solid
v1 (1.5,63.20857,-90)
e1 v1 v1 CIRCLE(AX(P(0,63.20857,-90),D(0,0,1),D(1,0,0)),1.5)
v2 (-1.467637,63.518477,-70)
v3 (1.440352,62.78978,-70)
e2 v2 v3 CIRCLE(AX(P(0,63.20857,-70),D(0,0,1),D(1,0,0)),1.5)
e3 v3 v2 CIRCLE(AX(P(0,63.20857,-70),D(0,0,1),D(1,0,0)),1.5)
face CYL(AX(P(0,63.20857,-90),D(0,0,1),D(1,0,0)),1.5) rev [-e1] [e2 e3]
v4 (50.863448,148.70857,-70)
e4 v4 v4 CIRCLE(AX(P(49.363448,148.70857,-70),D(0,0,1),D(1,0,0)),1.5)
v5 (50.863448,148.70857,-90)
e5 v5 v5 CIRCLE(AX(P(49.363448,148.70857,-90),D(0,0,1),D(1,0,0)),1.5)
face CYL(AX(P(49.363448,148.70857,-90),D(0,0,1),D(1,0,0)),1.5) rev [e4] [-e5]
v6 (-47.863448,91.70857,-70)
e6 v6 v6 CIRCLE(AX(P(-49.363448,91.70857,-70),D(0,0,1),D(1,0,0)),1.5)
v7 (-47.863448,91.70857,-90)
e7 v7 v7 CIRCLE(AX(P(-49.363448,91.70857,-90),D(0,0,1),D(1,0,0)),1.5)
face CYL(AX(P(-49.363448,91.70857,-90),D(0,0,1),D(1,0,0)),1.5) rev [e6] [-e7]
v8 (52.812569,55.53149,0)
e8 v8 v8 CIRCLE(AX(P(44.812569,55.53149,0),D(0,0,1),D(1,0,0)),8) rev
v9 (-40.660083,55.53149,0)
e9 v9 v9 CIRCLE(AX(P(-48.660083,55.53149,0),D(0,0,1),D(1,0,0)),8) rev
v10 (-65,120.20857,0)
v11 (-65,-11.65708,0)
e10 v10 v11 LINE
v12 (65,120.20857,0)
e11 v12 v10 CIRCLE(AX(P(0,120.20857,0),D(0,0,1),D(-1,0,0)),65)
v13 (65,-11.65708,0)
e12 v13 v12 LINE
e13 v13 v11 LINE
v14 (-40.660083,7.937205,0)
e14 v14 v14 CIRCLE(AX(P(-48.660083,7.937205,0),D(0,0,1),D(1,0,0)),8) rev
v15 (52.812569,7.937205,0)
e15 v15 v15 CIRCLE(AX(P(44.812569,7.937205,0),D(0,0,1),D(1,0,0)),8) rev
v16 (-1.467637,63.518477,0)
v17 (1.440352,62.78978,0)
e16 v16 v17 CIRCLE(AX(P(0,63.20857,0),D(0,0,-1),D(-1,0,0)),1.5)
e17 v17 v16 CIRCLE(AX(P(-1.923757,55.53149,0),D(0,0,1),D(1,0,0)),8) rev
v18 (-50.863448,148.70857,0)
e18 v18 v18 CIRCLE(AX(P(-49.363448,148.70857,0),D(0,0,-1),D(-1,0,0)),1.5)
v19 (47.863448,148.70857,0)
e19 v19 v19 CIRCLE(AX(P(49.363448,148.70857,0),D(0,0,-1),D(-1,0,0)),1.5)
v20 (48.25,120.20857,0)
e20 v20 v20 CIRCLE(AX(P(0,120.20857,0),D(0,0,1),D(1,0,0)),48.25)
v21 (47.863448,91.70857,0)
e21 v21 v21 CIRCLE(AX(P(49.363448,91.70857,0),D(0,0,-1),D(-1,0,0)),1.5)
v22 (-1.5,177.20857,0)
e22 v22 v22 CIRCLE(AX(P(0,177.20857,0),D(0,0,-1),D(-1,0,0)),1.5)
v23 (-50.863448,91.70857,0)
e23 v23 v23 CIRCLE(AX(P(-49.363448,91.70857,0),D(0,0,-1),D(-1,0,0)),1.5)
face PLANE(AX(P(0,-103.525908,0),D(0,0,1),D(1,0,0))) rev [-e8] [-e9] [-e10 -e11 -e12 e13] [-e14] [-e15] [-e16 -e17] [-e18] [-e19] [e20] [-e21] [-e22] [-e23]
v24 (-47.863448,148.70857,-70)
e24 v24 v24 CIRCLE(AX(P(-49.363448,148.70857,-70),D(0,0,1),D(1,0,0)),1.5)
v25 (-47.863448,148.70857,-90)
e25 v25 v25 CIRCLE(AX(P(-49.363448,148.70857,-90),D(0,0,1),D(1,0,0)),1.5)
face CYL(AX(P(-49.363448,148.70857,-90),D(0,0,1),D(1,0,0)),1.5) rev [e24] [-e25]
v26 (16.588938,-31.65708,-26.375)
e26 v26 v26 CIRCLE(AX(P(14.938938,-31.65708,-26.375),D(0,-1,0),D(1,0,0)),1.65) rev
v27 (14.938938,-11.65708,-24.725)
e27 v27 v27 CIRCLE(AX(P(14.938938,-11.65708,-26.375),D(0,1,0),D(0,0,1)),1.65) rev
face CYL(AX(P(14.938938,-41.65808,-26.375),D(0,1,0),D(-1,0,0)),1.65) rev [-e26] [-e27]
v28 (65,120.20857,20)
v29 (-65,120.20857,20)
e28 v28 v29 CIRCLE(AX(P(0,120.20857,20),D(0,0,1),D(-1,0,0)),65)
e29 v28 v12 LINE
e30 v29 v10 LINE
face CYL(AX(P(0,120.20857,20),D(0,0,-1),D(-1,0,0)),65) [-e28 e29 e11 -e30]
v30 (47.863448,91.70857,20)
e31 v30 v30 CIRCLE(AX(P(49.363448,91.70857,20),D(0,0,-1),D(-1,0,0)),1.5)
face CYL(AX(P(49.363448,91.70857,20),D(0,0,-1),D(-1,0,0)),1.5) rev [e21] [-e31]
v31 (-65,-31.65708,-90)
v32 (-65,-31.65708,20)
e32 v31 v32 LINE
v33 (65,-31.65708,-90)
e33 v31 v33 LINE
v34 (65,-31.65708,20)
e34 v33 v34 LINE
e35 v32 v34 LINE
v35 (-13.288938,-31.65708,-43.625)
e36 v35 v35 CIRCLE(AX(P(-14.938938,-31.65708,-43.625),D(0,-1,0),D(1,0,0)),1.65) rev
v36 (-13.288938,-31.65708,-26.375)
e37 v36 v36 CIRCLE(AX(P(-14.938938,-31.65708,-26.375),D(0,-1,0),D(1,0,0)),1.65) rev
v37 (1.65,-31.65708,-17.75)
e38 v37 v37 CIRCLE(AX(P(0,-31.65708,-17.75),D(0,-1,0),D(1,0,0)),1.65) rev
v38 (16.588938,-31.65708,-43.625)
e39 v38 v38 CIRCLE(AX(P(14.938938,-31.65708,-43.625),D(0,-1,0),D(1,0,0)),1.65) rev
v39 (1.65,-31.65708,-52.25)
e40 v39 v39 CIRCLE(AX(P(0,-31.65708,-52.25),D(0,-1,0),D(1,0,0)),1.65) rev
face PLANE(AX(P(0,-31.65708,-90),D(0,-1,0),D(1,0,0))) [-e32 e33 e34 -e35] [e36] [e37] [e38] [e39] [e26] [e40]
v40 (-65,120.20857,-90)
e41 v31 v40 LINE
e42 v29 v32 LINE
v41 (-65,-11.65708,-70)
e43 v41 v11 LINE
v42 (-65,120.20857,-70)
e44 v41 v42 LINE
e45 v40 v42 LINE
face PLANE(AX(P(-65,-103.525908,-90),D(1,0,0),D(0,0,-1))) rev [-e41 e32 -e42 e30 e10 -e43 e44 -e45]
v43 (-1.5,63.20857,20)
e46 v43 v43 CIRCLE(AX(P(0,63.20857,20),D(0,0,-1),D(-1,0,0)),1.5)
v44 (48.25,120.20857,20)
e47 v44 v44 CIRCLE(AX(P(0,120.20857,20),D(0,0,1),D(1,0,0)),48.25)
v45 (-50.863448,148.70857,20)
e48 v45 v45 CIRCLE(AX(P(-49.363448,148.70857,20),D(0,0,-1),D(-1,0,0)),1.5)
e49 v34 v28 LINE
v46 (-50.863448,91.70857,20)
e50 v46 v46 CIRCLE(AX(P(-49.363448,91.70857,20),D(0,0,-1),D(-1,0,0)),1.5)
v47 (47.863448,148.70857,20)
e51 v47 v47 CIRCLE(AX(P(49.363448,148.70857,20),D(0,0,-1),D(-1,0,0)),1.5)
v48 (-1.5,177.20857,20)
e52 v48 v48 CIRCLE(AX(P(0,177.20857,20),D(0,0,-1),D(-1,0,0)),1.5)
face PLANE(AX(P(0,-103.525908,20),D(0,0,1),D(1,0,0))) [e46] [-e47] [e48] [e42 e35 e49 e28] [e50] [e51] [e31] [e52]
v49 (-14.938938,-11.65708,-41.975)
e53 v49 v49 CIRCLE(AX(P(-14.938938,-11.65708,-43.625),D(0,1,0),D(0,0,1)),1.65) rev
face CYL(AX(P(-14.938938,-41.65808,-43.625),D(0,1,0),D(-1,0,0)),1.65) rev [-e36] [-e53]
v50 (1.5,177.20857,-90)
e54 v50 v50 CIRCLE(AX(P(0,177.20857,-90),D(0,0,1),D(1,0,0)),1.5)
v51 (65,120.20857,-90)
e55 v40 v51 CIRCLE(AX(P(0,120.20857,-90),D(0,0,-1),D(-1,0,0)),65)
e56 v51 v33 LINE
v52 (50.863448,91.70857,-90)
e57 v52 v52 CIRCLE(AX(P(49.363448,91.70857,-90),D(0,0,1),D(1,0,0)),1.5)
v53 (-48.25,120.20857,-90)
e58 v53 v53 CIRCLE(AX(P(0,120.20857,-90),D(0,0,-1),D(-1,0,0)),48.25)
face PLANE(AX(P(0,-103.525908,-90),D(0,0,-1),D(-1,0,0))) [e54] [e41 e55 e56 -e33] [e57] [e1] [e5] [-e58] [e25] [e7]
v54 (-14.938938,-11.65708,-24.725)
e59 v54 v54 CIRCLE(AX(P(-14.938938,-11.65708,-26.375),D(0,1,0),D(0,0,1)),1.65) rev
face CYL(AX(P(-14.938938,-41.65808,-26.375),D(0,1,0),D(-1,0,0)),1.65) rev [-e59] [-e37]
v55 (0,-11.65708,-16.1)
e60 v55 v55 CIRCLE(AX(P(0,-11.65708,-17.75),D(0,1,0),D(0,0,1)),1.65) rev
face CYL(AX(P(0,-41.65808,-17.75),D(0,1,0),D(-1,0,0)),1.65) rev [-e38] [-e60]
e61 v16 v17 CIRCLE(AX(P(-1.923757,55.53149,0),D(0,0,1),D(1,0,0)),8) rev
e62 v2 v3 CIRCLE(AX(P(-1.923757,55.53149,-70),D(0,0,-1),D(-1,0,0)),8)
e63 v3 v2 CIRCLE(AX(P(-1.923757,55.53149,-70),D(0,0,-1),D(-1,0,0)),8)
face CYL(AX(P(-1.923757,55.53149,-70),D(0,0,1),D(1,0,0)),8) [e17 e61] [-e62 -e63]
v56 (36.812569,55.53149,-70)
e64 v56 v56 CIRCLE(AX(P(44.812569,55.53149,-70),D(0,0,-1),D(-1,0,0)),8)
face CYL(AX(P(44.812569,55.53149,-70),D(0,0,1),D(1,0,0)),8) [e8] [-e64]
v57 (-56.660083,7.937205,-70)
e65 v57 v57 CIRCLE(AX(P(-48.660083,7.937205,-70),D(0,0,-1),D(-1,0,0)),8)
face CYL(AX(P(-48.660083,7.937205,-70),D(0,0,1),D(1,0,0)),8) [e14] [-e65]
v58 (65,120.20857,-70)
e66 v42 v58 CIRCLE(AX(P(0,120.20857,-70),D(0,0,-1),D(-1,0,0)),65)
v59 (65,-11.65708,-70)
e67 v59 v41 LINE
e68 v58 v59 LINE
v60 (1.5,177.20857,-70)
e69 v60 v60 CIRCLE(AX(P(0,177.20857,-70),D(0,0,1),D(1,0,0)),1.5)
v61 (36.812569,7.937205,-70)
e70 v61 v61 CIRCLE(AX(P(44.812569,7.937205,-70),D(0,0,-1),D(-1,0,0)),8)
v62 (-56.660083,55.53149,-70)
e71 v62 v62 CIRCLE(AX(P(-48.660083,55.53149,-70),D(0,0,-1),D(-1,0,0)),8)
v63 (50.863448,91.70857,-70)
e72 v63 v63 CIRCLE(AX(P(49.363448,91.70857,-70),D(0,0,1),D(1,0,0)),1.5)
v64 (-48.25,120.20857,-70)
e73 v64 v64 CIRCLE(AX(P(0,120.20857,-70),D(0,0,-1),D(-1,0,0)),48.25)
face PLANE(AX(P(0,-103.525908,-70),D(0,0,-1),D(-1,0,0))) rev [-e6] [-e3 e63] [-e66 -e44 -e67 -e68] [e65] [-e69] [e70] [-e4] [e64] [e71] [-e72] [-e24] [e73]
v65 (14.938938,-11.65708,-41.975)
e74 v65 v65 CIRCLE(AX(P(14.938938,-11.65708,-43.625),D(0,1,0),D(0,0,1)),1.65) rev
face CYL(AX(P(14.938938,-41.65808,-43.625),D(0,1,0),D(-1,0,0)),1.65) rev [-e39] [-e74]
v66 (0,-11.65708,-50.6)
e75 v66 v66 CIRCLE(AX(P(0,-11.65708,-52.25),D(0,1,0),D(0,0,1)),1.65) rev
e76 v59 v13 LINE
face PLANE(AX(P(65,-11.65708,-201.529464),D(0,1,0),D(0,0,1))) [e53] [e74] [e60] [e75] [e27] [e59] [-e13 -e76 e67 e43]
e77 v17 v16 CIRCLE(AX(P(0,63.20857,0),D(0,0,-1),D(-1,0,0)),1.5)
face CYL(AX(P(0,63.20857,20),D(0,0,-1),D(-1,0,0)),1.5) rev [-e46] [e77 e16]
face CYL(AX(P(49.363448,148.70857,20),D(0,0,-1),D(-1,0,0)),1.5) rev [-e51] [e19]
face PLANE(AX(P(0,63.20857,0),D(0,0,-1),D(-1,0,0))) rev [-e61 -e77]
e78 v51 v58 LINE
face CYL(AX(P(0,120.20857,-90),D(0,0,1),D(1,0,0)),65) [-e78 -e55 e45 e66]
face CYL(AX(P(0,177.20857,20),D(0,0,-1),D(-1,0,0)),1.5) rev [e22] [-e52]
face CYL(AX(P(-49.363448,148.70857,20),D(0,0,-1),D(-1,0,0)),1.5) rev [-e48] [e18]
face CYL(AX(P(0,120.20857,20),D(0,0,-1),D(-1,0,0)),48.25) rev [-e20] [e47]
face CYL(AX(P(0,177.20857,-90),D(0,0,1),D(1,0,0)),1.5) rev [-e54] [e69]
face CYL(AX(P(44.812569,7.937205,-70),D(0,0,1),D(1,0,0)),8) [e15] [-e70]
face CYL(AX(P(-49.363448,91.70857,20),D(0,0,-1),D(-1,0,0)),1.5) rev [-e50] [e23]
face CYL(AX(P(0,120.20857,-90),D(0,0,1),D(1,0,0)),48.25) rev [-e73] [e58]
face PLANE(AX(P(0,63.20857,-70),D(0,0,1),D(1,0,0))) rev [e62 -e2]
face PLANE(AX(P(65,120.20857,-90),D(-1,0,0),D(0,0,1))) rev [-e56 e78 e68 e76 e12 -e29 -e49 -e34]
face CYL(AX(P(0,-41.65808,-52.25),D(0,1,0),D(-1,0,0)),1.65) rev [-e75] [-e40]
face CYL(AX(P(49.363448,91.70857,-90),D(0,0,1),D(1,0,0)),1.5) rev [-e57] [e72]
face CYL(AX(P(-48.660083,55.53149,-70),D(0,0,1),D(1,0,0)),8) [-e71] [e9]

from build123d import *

# Parameters (mm, degrees)
SKETCH_1_R                      = 48.25
EXTRUDE_1_DEPTH                 = 20
SKETCH_2_R                      = 8
EXTRUDE_2_DEPTH                 = 70
EXTRUDE_START                   = 20
SKETCH_3_R                      = 48.25
EXTRUDE_3_DEPTH                 = 20
SKETCH_4_R                      = 48.25
SKETCH_4_R_2                    = 8
CUT_EXTRUDE_2_DEPTH             = 226.004920864
SKETCH_5_W                      = 130
SKETCH_5_H                      = 20
EXTRUDE_4_DEPTH                 = 70
SKETCH_6_R                      = 30
CUT_EXTRUDE_3_DEPTH             = 20
SKETCH_7_R                      = 30
EXTRUDE_5_DEPTH                 = 20
SKETCH_8_R                      = 1.65
EXTRUDE_7_DEPTH                 = 10
CUT_EXTRUDE_4_REACH             = 245.63
SKETCH_9_R                      = 1.65
CUT_EXTRUDE_4_DIRECTION_2_REACH = 245.63
SKETCH_10_R                     = 1.5
CUT_EXTRUDE_5_DEPTH             = 216.933356416
SKETCH_11_R                     = 1.5
CUT_EXTRUDE_6_DEPTH             = 216.933356416


with BuildPart() as part:
    # 草图1 → 凸台-拉伸1 (new body)
    with BuildSketch(Plane.XY):
        with BuildLine():
            Line((-65, -103.52590801), (-65, 120.208570031))
            ThreePointArc((-65, 120.208570031), (0, 185.208570031), (65, 120.208570031))
            Line((65, 120.208570031), (65, -103.52590801))
            ThreePointArc((65, -103.52590801), (0, -168.52590801), (-65, -103.52590801))
        make_face()
        with Locations((0, 120.208570031)):
            Circle(SKETCH_1_R, mode=Mode.SUBTRACT)
        with Locations(Location((0, -103.52590801, 0), (0, 0, 180))):
            Circle(SKETCH_1_R, mode=Mode.SUBTRACT)
    extrude(amount=EXTRUDE_1_DEPTH)

    # 草图2 → 凸台-拉伸2 (add)
    with BuildSketch(Plane(origin=(0, 0, 0), x_dir=(-1, 0, 0), z_dir=(0, 0, -1))):
        with Locations(Location((-44.812568829, 55.531490167, 0), (0, 0, 180))):
            Circle(SKETCH_2_R)
        with Locations(Location((-44.812568829, -39.65707978, 0), (0, 0, 180))):
            Circle(SKETCH_2_R)
        with Locations(Location((48.660082913, -39.65707978, 0), (0, 0, 180))):
            Circle(SKETCH_2_R)
        with Locations(Location((48.660082913, 55.531490167, 0), (0, 0, 180))):
            Circle(SKETCH_2_R)
        with Locations(Location((1.923757042, 55.531490167, 0), (0, 0, 180))):
            Circle(SKETCH_2_R)
        with Locations(Location((1.923757042, -39.65707978, 0), (0, 0, 180))):
            Circle(SKETCH_2_R)
        with Locations(Location((-44.812568829, 7.937205194, 0), (0, 0, 180))):
            Circle(SKETCH_2_R)
        with Locations(Location((48.660082913, 7.937205194, 0), (0, 0, 180))):
            Circle(SKETCH_2_R)
    extrude(amount=EXTRUDE_2_DEPTH)

    # 草图3 → 凸台-拉伸3 (add)
    with BuildSketch(Plane(origin=(0, 0, -70), x_dir=(-1, 0, 0), z_dir=(0, 0, -1)).offset(EXTRUDE_START)):
        with BuildLine():
            Line((65, -103.52590801), (65, 120.208570031))
            ThreePointArc((65, 120.208570031), (0, 185.208570031), (-65, 120.208570031))
            Line((-65, 120.208570031), (-65, -103.52590801))
            ThreePointArc((-65, -103.52590801), (0, -168.52590801), (65, -103.52590801))
        make_face()
        with Locations(Location((0, 120.208570031, 0), (0, 0, 180))):
            Circle(SKETCH_3_R, mode=Mode.SUBTRACT)
        with Locations((0, -103.52590801)):
            Circle(SKETCH_3_R, mode=Mode.SUBTRACT)
    extrude(amount=-EXTRUDE_3_DEPTH)

    # 草图4 → 切除-拉伸2 (cut, through all)
    # profile 1 of 5: a face of its own
    with BuildSketch(Plane.XY.offset(20)):
        with BuildLine():
            Line((-48.660082913, -31.65707978), (-65, -31.65707978))
            Line((-65, -31.65707978), (-65, -103.52590801))
            ThreePointArc((-65, -103.52590801), (0, -168.52590801), (65, -103.52590801))
            Line((65, -103.52590801), (65, -31.65707978))
            Line((65, -31.65707978), (44.812568829, -31.65707978))
            Line((44.812568829, -31.65707978), (-1.923757018, -31.65707978))
            Line((-1.923757018, -31.65707978), (-48.660082913, -31.65707978))
        make_face()
        with BuildLine():
            ThreePointArc((-40.660082913, -39.65707978), (-54.316937162, -45.313934029), (-48.660082913, -31.65707978))
            ThreePointArc((-48.660082913, -31.65707978), (-43.003228663, -34.000225531), (-40.660082913, -39.65707978))
        make_face(mode=Mode.SUBTRACT)
        with BuildLine():
            ThreePointArc((6.076242958, -39.65707978), (-7.5806113, -45.313934021), (-1.923757018, -31.65707978))
            ThreePointArc((-1.923757018, -31.65707978), (3.733097216, -34.000225539), (6.076242958, -39.65707978))
        make_face(mode=Mode.SUBTRACT)
        with Locations((0, -103.52590801)):
            Circle(SKETCH_4_R, mode=Mode.SUBTRACT)
        with BuildLine():
            ThreePointArc((52.812568829, -39.65707978), (39.155714579, -45.313934029), (44.812568829, -31.65707978))
            ThreePointArc((44.812568829, -31.65707978), (50.469423078, -34.000225531), (52.812568829, -39.65707978))
        make_face(mode=Mode.SUBTRACT)
    # profile 2 of 5: a face of its own
    with BuildSketch(Plane.XY.offset(20)):
        with Locations((0, -103.52590801)):
            Circle(SKETCH_4_R)
    # profile 3 of 5: a face of its own
    with BuildSketch(Plane.XY.offset(20)):
        with Locations((-1.923757042, -39.65707978)):
            Circle(SKETCH_4_R_2)
    # profile 4 of 5: a face of its own
    with BuildSketch(Plane.XY.offset(20)):
        with Locations((44.812568829, -39.65707978)):
            Circle(SKETCH_4_R_2)
    # profile 5 of 5: a face of its own
    with BuildSketch(Plane.XY.offset(20)):
        with Locations((-48.660082913, -39.65707978)):
            Circle(SKETCH_4_R_2)
    extrude(amount=-CUT_EXTRUDE_2_DEPTH, mode=Mode.SUBTRACT)

    # 草图5 → 凸台-拉伸4 (add)
    with BuildSketch(Plane(origin=(0, 0, 0), x_dir=(-1, 0, 0), z_dir=(0, 0, -1))):
        with Locations((0, -21.65707978)):
            Rectangle(SKETCH_5_W, SKETCH_5_H)
    extrude(amount=EXTRUDE_4_DEPTH)

    # 草图6 → 切除-拉伸3 (cut)
    with BuildSketch(Plane.XZ.offset(31.65707978)):
        with Locations((0, -35)):
            Circle(SKETCH_6_R)
    extrude(amount=-CUT_EXTRUDE_3_DEPTH, mode=Mode.SUBTRACT)

    # 草图7 → 凸台-拉伸5 (add)
    with BuildSketch(Plane.XZ.offset(31.65707978)):
        with Locations((0, -35)):
            Circle(SKETCH_7_R)
    extrude(amount=-EXTRUDE_5_DEPTH)

    # 草图8 → 凸台-拉伸7 (add)
    with BuildSketch(Plane.XZ.offset(31.65707978)):
        with Locations((0, -17.75)):
            Circle(SKETCH_8_R)
        with Locations((14.938938215, -26.375)):
            Circle(SKETCH_8_R)
        with Locations((14.938938215, -43.625)):
            Circle(SKETCH_8_R)
        with Locations((0, -52.25)):
            Circle(SKETCH_8_R)
        with Locations((-14.938938215, -43.625)):
            Circle(SKETCH_8_R)
        with Locations((-14.938938215, -26.375)):
            Circle(SKETCH_8_R)
    extrude(amount=EXTRUDE_7_DEPTH)

    # 草图9 → 切除-拉伸4 (cut, up to next)
    with BuildSketch(Plane.XZ.offset(31.65707978), mode=Mode.PRIVATE) as cut_extrude_4_sk1:
        with Locations(Location((0, -52.25, 0), (0, 0, 90))):
            Circle(SKETCH_9_R)
    cut_extrude_4_tool1 = extrude(cut_extrude_4_sk1.sketch, amount=-CUT_EXTRUDE_4_REACH, mode=Mode.PRIVATE) & part.part
    # 草图9 → 切除-拉伸4 (cut, up to next)
    with BuildSketch(Plane.XZ.offset(31.65707978), mode=Mode.PRIVATE) as cut_extrude_4_sk2:
        with Locations(Location((14.938938215, -43.625, 0), (0, 0, 90))):
            Circle(SKETCH_9_R)
    cut_extrude_4_tool2 = extrude(cut_extrude_4_sk2.sketch, amount=-CUT_EXTRUDE_4_REACH, mode=Mode.PRIVATE) & part.part
    # 草图9 → 切除-拉伸4 (cut, up to next)
    with BuildSketch(Plane.XZ.offset(31.65707978), mode=Mode.PRIVATE) as cut_extrude_4_sk3:
        with Locations(Location((14.938938215, -26.375, 0), (0, 0, 90))):
            Circle(SKETCH_9_R)
    cut_extrude_4_tool3 = extrude(cut_extrude_4_sk3.sketch, amount=-CUT_EXTRUDE_4_REACH, mode=Mode.PRIVATE) & part.part
    # 草图9 → 切除-拉伸4 (cut, up to next)
    with BuildSketch(Plane.XZ.offset(31.65707978), mode=Mode.PRIVATE) as cut_extrude_4_sk4:
        with Locations(Location((-14.938938215, -43.625, 0), (0, 0, 90))):
            Circle(SKETCH_9_R)
    cut_extrude_4_tool4 = extrude(cut_extrude_4_sk4.sketch, amount=-CUT_EXTRUDE_4_REACH, mode=Mode.PRIVATE) & part.part
    # 草图9 → 切除-拉伸4 (cut, up to next)
    with BuildSketch(Plane.XZ.offset(31.65707978), mode=Mode.PRIVATE) as cut_extrude_4_sk5:
        with Locations(Location((-14.938938215, -26.375, 0), (0, 0, 90))):
            Circle(SKETCH_9_R)
    cut_extrude_4_tool5 = extrude(cut_extrude_4_sk5.sketch, amount=-CUT_EXTRUDE_4_REACH, mode=Mode.PRIVATE) & part.part
    # 草图9 → 切除-拉伸4 (cut, up to next)
    with BuildSketch(Plane.XZ.offset(31.65707978), mode=Mode.PRIVATE) as cut_extrude_4_sk6:
        with Locations(Location((0, -17.75, 0), (0, 0, 90))):
            Circle(SKETCH_9_R)
    cut_extrude_4_tool6 = extrude(cut_extrude_4_sk6.sketch, amount=-CUT_EXTRUDE_4_REACH, mode=Mode.PRIVATE) & part.part
    add(cut_extrude_4_tool1.solids().sort_by_distance((0, -31.65708, -52.25))[0], mode=Mode.SUBTRACT)
    add(cut_extrude_4_tool2.solids().sort_by_distance((14.938938, -31.65708, -43.625))[0], mode=Mode.SUBTRACT)
    add(cut_extrude_4_tool3.solids().sort_by_distance((14.938938, -31.65708, -26.375))[0], mode=Mode.SUBTRACT)
    add(cut_extrude_4_tool4.solids().sort_by_distance((-14.938938, -31.65708, -43.625))[0], mode=Mode.SUBTRACT)
    add(cut_extrude_4_tool5.solids().sort_by_distance((-14.938938, -31.65708, -26.375))[0], mode=Mode.SUBTRACT)
    add(cut_extrude_4_tool6.solids().sort_by_distance((0, -31.65708, -17.75))[0], mode=Mode.SUBTRACT)

    # 草图9 → 切除-拉伸4 direction 2 (cut, up to next)
    with BuildSketch(Plane.XZ.offset(31.65707978), mode=Mode.PRIVATE) as cut_extrude_4_direction_2_sk1:
        with Locations(Location((0, -52.25, 0), (0, 0, 90))):
            Circle(SKETCH_9_R)
    cut_extrude_4_direction_2_tool1 = extrude(cut_extrude_4_direction_2_sk1.sketch, amount=CUT_EXTRUDE_4_DIRECTION_2_REACH, mode=Mode.PRIVATE) & part.part
    # 草图9 → 切除-拉伸4 direction 2 (cut, up to next)
    with BuildSketch(Plane.XZ.offset(31.65707978), mode=Mode.PRIVATE) as cut_extrude_4_direction_2_sk2:
        with Locations(Location((14.938938215, -43.625, 0), (0, 0, 90))):
            Circle(SKETCH_9_R)
    cut_extrude_4_direction_2_tool2 = extrude(cut_extrude_4_direction_2_sk2.sketch, amount=CUT_EXTRUDE_4_DIRECTION_2_REACH, mode=Mode.PRIVATE) & part.part
    # 草图9 → 切除-拉伸4 direction 2 (cut, up to next)
    with BuildSketch(Plane.XZ.offset(31.65707978), mode=Mode.PRIVATE) as cut_extrude_4_direction_2_sk3:
        with Locations(Location((14.938938215, -26.375, 0), (0, 0, 90))):
            Circle(SKETCH_9_R)
    cut_extrude_4_direction_2_tool3 = extrude(cut_extrude_4_direction_2_sk3.sketch, amount=CUT_EXTRUDE_4_DIRECTION_2_REACH, mode=Mode.PRIVATE) & part.part
    # 草图9 → 切除-拉伸4 direction 2 (cut, up to next)
    with BuildSketch(Plane.XZ.offset(31.65707978), mode=Mode.PRIVATE) as cut_extrude_4_direction_2_sk4:
        with Locations(Location((-14.938938215, -43.625, 0), (0, 0, 90))):
            Circle(SKETCH_9_R)
    cut_extrude_4_direction_2_tool4 = extrude(cut_extrude_4_direction_2_sk4.sketch, amount=CUT_EXTRUDE_4_DIRECTION_2_REACH, mode=Mode.PRIVATE) & part.part
    # 草图9 → 切除-拉伸4 direction 2 (cut, up to next)
    with BuildSketch(Plane.XZ.offset(31.65707978), mode=Mode.PRIVATE) as cut_extrude_4_direction_2_sk5:
        with Locations(Location((-14.938938215, -26.375, 0), (0, 0, 90))):
            Circle(SKETCH_9_R)
    cut_extrude_4_direction_2_tool5 = extrude(cut_extrude_4_direction_2_sk5.sketch, amount=CUT_EXTRUDE_4_DIRECTION_2_REACH, mode=Mode.PRIVATE) & part.part
    # 草图9 → 切除-拉伸4 direction 2 (cut, up to next)
    with BuildSketch(Plane.XZ.offset(31.65707978), mode=Mode.PRIVATE) as cut_extrude_4_direction_2_sk6:
        with Locations(Location((0, -17.75, 0), (0, 0, 90))):
            Circle(SKETCH_9_R)
    cut_extrude_4_direction_2_tool6 = extrude(cut_extrude_4_direction_2_sk6.sketch, amount=CUT_EXTRUDE_4_DIRECTION_2_REACH, mode=Mode.PRIVATE) & part.part
    add(cut_extrude_4_direction_2_tool1.solids().sort_by_distance((0, -31.65708, -52.25))[0], mode=Mode.SUBTRACT)
    add(cut_extrude_4_direction_2_tool2.solids().sort_by_distance((14.938938, -31.65708, -43.625))[0], mode=Mode.SUBTRACT)
    add(cut_extrude_4_direction_2_tool3.solids().sort_by_distance((14.938938, -31.65708, -26.375))[0], mode=Mode.SUBTRACT)
    add(cut_extrude_4_direction_2_tool4.solids().sort_by_distance((-14.938938, -31.65708, -43.625))[0], mode=Mode.SUBTRACT)
    add(cut_extrude_4_direction_2_tool5.solids().sort_by_distance((-14.938938, -31.65708, -26.375))[0], mode=Mode.SUBTRACT)
    add(cut_extrude_4_direction_2_tool6.solids().sort_by_distance((0, -31.65708, -17.75))[0], mode=Mode.SUBTRACT)

    # 草图10 → 切除-拉伸5 (cut, through all)
    with BuildSketch(Plane(origin=(0, 0, 0), x_dir=(-1, 0, 0), z_dir=(0, 0, -1))):
        with Locations((0, 177.208570031)):
            Circle(SKETCH_10_R)
        with Locations((49.363448016, 148.708570031)):
            Circle(SKETCH_10_R)
        with Locations((49.363448016, 91.708570031)):
            Circle(SKETCH_10_R)
        with Locations((0, 63.208570031)):
            Circle(SKETCH_10_R)
        with Locations((-49.363448016, 91.708570031)):
            Circle(SKETCH_10_R)
        with Locations((-49.363448016, 148.708570031)):
            Circle(SKETCH_10_R)
    extrude(amount=-CUT_EXTRUDE_5_DEPTH, mode=Mode.SUBTRACT)

    # 草图11 → 切除-拉伸6 (cut, through all)
    with BuildSketch(Plane.XY.offset(-70)):
        with Locations(Location((49.363448016, 148.708570031, 0), (0, 0, 180))):
            Circle(SKETCH_11_R)
        with Locations(Location((0, 177.208570031, 0), (0, 0, 180))):
            Circle(SKETCH_11_R)
        with Locations(Location((-49.363448016, 148.708570031, 0), (0, 0, 180))):
            Circle(SKETCH_11_R)
        with Locations(Location((0, 63.208570031, 0), (0, 0, 180))):
            Circle(SKETCH_11_R)
        with Locations(Location((-49.363448016, 91.708570031, 0), (0, 0, 180))):
            Circle(SKETCH_11_R)
        with Locations(Location((49.363448016, 91.708570031, 0), (0, 0, 180))):
            Circle(SKETCH_11_R)
    extrude(amount=-CUT_EXTRUDE_6_DEPTH, mode=Mode.SUBTRACT)


solid = part.part
